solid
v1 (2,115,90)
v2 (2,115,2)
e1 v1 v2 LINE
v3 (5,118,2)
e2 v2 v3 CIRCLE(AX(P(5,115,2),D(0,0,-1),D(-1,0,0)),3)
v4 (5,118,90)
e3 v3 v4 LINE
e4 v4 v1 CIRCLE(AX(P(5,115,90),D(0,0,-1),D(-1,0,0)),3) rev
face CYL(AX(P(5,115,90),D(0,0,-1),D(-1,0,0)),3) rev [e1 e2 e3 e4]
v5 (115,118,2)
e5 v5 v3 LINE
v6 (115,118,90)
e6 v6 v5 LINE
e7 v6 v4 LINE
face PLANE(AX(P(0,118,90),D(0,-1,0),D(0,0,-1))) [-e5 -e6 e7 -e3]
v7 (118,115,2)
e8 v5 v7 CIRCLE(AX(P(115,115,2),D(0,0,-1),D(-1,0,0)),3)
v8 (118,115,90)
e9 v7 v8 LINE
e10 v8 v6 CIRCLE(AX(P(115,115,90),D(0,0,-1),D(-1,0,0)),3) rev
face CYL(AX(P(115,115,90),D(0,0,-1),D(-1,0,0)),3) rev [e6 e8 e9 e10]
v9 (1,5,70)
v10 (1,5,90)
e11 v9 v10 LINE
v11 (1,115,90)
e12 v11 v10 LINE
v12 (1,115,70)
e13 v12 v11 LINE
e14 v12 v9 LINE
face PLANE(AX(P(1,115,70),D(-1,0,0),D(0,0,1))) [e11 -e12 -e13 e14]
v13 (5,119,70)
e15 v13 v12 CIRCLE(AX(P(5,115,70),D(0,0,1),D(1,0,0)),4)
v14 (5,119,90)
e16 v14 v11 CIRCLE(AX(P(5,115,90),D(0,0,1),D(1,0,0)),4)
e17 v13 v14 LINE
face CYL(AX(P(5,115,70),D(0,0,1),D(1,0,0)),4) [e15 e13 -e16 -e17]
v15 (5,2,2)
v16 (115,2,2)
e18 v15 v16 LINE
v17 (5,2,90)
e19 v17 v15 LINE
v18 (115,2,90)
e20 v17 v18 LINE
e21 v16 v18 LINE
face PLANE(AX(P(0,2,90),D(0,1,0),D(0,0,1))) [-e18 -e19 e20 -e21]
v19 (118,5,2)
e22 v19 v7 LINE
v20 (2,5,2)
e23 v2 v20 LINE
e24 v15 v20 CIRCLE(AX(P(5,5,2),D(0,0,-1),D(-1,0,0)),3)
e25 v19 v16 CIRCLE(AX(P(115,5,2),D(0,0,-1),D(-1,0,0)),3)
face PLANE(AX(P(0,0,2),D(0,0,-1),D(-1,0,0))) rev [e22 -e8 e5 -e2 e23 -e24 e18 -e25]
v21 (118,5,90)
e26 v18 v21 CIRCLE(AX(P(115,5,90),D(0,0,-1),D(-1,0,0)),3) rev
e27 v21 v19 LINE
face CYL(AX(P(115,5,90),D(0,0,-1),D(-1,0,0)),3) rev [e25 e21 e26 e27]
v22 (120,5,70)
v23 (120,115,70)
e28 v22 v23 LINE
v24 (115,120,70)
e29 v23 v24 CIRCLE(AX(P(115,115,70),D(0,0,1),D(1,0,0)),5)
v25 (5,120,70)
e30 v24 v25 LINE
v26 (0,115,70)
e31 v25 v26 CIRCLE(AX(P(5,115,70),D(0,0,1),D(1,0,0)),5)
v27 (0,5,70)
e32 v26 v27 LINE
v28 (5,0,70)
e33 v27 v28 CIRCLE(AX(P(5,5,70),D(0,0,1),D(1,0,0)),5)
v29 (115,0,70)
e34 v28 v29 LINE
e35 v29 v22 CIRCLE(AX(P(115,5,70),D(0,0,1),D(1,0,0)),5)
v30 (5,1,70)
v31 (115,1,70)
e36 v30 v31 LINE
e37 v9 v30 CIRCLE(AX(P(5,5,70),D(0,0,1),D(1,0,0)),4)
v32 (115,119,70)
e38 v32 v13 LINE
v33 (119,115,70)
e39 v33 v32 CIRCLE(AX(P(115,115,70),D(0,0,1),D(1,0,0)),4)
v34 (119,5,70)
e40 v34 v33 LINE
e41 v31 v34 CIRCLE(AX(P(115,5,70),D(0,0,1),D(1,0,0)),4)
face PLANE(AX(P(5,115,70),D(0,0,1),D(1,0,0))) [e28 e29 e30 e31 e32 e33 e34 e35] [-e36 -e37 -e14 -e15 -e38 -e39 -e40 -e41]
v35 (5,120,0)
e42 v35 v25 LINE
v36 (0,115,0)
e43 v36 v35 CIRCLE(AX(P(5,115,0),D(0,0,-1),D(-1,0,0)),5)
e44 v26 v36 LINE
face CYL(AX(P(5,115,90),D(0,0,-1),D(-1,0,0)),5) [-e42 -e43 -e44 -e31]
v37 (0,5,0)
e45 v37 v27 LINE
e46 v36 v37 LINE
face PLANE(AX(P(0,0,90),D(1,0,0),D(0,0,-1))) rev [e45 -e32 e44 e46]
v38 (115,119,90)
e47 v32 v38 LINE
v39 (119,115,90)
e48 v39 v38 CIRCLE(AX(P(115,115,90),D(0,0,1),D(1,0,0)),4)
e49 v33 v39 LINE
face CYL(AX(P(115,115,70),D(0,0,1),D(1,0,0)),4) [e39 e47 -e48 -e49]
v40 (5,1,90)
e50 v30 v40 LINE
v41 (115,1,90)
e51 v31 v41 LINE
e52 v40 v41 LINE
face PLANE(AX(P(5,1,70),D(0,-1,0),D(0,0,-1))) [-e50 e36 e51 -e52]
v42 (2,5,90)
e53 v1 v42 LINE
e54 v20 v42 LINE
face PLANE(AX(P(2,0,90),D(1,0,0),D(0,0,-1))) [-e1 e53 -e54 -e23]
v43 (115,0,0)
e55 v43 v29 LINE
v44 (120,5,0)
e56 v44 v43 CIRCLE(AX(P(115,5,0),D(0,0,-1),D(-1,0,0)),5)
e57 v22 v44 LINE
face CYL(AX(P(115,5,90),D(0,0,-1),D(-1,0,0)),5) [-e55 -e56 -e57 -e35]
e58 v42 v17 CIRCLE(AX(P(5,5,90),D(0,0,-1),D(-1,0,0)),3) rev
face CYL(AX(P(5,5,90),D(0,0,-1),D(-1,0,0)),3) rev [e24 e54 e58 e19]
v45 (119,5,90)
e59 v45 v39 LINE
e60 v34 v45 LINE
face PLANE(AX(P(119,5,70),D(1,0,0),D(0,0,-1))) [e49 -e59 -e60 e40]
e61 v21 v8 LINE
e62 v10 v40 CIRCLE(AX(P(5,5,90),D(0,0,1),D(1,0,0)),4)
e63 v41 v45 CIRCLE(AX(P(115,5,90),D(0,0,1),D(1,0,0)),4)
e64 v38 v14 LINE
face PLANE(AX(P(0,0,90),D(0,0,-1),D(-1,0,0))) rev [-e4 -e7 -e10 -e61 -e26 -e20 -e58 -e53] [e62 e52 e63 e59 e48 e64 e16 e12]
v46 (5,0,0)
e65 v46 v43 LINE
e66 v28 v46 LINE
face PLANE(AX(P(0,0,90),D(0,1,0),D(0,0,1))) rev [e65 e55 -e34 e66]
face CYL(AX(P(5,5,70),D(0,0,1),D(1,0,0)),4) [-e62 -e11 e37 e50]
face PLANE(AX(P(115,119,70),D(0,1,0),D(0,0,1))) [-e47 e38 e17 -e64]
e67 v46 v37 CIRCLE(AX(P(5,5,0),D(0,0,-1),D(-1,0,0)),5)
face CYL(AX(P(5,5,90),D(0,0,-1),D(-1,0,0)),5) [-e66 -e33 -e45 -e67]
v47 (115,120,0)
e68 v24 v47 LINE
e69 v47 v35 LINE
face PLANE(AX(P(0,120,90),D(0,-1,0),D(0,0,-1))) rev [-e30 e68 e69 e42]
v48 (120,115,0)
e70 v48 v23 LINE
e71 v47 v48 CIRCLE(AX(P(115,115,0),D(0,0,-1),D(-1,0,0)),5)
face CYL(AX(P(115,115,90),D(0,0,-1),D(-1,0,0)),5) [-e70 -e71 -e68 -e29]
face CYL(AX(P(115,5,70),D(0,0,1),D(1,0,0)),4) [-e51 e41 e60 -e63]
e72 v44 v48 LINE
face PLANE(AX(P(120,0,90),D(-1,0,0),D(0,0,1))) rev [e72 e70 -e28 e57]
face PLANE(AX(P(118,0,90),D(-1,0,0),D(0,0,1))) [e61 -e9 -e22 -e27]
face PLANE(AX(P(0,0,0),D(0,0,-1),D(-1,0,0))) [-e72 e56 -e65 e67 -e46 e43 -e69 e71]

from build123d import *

# Parameters (mm, degrees)
ESQUISSE1_W             = 120
ESQUISSE1_H             = 120
BOSS_EXTRU_1_DEPTH      = 90
CONG_1_R                = 5
COQUE1_T                = -2
ENL_V_MAT_EXTRU_2_DEPTH = 20


with BuildPart() as part:
    # Esquisse1 → Boss.-Extru.1 (new body)
    with BuildSketch(Plane.XY):
        with Locations((60, 60)):
            Rectangle(ESQUISSE1_W, ESQUISSE1_H)
    extrude(amount=BOSS_EXTRU_1_DEPTH)

    # Congé1
    cong_1_edges = [part.edges().sort_by_distance(p)[0] for p in [
        (0, 120, 45),
        (120, 120, 45),
        (120, 0, 45),
        (0, 0, 45),
    ]]
    fillet(cong_1_edges, radius=CONG_1_R)

    # Coque1
    coque1_openings = [part.faces().sort_by_distance(p)[0] for p in [
        (60, 60, 90),
    ]]
    offset(amount=COQUE1_T, openings=coque1_openings, kind=Kind.INTERSECTION)

    # Esquisse4 → Enlèv. mat.-Extru.2 (cut)
    with BuildSketch(Plane.XY.offset(90)):
        with BuildLine():
            Line((0, 115), (0, 5))
            ThreePointArc((0, 5), (1.464466094, 1.464466094), (5, 0))
            Line((5, 0), (115, 0))
            ThreePointArc((115, 0), (118.535533906, 1.464466094), (120, 5))
            Line((120, 5), (120, 115))
            ThreePointArc((120, 115), (118.535533906, 118.535533906), (115, 120))
            Line((115, 120), (5, 120))
            ThreePointArc((5, 120), (1.464466094, 118.535533906), (0, 115))
        make_face()
        with BuildLine():
            Line((1, 115), (1, 5))
            ThreePointArc((1, 5), (2.171572875, 2.171572875), (5, 1))
            Line((5, 1), (115, 1))
            ThreePointArc((115, 1), (117.828427125, 2.171572875), (119, 5))
            Line((119, 5), (119, 115))
            ThreePointArc((119, 115), (117.828427125, 117.828427125), (115, 119))
            Line((115, 119), (5, 119))
            ThreePointArc((5, 119), (2.171572875, 117.828427125), (1, 115))
        make_face(mode=Mode.SUBTRACT)
    extrude(amount=-ENL_V_MAT_EXTRU_2_DEPTH, mode=Mode.SUBTRACT)


solid = part.part
